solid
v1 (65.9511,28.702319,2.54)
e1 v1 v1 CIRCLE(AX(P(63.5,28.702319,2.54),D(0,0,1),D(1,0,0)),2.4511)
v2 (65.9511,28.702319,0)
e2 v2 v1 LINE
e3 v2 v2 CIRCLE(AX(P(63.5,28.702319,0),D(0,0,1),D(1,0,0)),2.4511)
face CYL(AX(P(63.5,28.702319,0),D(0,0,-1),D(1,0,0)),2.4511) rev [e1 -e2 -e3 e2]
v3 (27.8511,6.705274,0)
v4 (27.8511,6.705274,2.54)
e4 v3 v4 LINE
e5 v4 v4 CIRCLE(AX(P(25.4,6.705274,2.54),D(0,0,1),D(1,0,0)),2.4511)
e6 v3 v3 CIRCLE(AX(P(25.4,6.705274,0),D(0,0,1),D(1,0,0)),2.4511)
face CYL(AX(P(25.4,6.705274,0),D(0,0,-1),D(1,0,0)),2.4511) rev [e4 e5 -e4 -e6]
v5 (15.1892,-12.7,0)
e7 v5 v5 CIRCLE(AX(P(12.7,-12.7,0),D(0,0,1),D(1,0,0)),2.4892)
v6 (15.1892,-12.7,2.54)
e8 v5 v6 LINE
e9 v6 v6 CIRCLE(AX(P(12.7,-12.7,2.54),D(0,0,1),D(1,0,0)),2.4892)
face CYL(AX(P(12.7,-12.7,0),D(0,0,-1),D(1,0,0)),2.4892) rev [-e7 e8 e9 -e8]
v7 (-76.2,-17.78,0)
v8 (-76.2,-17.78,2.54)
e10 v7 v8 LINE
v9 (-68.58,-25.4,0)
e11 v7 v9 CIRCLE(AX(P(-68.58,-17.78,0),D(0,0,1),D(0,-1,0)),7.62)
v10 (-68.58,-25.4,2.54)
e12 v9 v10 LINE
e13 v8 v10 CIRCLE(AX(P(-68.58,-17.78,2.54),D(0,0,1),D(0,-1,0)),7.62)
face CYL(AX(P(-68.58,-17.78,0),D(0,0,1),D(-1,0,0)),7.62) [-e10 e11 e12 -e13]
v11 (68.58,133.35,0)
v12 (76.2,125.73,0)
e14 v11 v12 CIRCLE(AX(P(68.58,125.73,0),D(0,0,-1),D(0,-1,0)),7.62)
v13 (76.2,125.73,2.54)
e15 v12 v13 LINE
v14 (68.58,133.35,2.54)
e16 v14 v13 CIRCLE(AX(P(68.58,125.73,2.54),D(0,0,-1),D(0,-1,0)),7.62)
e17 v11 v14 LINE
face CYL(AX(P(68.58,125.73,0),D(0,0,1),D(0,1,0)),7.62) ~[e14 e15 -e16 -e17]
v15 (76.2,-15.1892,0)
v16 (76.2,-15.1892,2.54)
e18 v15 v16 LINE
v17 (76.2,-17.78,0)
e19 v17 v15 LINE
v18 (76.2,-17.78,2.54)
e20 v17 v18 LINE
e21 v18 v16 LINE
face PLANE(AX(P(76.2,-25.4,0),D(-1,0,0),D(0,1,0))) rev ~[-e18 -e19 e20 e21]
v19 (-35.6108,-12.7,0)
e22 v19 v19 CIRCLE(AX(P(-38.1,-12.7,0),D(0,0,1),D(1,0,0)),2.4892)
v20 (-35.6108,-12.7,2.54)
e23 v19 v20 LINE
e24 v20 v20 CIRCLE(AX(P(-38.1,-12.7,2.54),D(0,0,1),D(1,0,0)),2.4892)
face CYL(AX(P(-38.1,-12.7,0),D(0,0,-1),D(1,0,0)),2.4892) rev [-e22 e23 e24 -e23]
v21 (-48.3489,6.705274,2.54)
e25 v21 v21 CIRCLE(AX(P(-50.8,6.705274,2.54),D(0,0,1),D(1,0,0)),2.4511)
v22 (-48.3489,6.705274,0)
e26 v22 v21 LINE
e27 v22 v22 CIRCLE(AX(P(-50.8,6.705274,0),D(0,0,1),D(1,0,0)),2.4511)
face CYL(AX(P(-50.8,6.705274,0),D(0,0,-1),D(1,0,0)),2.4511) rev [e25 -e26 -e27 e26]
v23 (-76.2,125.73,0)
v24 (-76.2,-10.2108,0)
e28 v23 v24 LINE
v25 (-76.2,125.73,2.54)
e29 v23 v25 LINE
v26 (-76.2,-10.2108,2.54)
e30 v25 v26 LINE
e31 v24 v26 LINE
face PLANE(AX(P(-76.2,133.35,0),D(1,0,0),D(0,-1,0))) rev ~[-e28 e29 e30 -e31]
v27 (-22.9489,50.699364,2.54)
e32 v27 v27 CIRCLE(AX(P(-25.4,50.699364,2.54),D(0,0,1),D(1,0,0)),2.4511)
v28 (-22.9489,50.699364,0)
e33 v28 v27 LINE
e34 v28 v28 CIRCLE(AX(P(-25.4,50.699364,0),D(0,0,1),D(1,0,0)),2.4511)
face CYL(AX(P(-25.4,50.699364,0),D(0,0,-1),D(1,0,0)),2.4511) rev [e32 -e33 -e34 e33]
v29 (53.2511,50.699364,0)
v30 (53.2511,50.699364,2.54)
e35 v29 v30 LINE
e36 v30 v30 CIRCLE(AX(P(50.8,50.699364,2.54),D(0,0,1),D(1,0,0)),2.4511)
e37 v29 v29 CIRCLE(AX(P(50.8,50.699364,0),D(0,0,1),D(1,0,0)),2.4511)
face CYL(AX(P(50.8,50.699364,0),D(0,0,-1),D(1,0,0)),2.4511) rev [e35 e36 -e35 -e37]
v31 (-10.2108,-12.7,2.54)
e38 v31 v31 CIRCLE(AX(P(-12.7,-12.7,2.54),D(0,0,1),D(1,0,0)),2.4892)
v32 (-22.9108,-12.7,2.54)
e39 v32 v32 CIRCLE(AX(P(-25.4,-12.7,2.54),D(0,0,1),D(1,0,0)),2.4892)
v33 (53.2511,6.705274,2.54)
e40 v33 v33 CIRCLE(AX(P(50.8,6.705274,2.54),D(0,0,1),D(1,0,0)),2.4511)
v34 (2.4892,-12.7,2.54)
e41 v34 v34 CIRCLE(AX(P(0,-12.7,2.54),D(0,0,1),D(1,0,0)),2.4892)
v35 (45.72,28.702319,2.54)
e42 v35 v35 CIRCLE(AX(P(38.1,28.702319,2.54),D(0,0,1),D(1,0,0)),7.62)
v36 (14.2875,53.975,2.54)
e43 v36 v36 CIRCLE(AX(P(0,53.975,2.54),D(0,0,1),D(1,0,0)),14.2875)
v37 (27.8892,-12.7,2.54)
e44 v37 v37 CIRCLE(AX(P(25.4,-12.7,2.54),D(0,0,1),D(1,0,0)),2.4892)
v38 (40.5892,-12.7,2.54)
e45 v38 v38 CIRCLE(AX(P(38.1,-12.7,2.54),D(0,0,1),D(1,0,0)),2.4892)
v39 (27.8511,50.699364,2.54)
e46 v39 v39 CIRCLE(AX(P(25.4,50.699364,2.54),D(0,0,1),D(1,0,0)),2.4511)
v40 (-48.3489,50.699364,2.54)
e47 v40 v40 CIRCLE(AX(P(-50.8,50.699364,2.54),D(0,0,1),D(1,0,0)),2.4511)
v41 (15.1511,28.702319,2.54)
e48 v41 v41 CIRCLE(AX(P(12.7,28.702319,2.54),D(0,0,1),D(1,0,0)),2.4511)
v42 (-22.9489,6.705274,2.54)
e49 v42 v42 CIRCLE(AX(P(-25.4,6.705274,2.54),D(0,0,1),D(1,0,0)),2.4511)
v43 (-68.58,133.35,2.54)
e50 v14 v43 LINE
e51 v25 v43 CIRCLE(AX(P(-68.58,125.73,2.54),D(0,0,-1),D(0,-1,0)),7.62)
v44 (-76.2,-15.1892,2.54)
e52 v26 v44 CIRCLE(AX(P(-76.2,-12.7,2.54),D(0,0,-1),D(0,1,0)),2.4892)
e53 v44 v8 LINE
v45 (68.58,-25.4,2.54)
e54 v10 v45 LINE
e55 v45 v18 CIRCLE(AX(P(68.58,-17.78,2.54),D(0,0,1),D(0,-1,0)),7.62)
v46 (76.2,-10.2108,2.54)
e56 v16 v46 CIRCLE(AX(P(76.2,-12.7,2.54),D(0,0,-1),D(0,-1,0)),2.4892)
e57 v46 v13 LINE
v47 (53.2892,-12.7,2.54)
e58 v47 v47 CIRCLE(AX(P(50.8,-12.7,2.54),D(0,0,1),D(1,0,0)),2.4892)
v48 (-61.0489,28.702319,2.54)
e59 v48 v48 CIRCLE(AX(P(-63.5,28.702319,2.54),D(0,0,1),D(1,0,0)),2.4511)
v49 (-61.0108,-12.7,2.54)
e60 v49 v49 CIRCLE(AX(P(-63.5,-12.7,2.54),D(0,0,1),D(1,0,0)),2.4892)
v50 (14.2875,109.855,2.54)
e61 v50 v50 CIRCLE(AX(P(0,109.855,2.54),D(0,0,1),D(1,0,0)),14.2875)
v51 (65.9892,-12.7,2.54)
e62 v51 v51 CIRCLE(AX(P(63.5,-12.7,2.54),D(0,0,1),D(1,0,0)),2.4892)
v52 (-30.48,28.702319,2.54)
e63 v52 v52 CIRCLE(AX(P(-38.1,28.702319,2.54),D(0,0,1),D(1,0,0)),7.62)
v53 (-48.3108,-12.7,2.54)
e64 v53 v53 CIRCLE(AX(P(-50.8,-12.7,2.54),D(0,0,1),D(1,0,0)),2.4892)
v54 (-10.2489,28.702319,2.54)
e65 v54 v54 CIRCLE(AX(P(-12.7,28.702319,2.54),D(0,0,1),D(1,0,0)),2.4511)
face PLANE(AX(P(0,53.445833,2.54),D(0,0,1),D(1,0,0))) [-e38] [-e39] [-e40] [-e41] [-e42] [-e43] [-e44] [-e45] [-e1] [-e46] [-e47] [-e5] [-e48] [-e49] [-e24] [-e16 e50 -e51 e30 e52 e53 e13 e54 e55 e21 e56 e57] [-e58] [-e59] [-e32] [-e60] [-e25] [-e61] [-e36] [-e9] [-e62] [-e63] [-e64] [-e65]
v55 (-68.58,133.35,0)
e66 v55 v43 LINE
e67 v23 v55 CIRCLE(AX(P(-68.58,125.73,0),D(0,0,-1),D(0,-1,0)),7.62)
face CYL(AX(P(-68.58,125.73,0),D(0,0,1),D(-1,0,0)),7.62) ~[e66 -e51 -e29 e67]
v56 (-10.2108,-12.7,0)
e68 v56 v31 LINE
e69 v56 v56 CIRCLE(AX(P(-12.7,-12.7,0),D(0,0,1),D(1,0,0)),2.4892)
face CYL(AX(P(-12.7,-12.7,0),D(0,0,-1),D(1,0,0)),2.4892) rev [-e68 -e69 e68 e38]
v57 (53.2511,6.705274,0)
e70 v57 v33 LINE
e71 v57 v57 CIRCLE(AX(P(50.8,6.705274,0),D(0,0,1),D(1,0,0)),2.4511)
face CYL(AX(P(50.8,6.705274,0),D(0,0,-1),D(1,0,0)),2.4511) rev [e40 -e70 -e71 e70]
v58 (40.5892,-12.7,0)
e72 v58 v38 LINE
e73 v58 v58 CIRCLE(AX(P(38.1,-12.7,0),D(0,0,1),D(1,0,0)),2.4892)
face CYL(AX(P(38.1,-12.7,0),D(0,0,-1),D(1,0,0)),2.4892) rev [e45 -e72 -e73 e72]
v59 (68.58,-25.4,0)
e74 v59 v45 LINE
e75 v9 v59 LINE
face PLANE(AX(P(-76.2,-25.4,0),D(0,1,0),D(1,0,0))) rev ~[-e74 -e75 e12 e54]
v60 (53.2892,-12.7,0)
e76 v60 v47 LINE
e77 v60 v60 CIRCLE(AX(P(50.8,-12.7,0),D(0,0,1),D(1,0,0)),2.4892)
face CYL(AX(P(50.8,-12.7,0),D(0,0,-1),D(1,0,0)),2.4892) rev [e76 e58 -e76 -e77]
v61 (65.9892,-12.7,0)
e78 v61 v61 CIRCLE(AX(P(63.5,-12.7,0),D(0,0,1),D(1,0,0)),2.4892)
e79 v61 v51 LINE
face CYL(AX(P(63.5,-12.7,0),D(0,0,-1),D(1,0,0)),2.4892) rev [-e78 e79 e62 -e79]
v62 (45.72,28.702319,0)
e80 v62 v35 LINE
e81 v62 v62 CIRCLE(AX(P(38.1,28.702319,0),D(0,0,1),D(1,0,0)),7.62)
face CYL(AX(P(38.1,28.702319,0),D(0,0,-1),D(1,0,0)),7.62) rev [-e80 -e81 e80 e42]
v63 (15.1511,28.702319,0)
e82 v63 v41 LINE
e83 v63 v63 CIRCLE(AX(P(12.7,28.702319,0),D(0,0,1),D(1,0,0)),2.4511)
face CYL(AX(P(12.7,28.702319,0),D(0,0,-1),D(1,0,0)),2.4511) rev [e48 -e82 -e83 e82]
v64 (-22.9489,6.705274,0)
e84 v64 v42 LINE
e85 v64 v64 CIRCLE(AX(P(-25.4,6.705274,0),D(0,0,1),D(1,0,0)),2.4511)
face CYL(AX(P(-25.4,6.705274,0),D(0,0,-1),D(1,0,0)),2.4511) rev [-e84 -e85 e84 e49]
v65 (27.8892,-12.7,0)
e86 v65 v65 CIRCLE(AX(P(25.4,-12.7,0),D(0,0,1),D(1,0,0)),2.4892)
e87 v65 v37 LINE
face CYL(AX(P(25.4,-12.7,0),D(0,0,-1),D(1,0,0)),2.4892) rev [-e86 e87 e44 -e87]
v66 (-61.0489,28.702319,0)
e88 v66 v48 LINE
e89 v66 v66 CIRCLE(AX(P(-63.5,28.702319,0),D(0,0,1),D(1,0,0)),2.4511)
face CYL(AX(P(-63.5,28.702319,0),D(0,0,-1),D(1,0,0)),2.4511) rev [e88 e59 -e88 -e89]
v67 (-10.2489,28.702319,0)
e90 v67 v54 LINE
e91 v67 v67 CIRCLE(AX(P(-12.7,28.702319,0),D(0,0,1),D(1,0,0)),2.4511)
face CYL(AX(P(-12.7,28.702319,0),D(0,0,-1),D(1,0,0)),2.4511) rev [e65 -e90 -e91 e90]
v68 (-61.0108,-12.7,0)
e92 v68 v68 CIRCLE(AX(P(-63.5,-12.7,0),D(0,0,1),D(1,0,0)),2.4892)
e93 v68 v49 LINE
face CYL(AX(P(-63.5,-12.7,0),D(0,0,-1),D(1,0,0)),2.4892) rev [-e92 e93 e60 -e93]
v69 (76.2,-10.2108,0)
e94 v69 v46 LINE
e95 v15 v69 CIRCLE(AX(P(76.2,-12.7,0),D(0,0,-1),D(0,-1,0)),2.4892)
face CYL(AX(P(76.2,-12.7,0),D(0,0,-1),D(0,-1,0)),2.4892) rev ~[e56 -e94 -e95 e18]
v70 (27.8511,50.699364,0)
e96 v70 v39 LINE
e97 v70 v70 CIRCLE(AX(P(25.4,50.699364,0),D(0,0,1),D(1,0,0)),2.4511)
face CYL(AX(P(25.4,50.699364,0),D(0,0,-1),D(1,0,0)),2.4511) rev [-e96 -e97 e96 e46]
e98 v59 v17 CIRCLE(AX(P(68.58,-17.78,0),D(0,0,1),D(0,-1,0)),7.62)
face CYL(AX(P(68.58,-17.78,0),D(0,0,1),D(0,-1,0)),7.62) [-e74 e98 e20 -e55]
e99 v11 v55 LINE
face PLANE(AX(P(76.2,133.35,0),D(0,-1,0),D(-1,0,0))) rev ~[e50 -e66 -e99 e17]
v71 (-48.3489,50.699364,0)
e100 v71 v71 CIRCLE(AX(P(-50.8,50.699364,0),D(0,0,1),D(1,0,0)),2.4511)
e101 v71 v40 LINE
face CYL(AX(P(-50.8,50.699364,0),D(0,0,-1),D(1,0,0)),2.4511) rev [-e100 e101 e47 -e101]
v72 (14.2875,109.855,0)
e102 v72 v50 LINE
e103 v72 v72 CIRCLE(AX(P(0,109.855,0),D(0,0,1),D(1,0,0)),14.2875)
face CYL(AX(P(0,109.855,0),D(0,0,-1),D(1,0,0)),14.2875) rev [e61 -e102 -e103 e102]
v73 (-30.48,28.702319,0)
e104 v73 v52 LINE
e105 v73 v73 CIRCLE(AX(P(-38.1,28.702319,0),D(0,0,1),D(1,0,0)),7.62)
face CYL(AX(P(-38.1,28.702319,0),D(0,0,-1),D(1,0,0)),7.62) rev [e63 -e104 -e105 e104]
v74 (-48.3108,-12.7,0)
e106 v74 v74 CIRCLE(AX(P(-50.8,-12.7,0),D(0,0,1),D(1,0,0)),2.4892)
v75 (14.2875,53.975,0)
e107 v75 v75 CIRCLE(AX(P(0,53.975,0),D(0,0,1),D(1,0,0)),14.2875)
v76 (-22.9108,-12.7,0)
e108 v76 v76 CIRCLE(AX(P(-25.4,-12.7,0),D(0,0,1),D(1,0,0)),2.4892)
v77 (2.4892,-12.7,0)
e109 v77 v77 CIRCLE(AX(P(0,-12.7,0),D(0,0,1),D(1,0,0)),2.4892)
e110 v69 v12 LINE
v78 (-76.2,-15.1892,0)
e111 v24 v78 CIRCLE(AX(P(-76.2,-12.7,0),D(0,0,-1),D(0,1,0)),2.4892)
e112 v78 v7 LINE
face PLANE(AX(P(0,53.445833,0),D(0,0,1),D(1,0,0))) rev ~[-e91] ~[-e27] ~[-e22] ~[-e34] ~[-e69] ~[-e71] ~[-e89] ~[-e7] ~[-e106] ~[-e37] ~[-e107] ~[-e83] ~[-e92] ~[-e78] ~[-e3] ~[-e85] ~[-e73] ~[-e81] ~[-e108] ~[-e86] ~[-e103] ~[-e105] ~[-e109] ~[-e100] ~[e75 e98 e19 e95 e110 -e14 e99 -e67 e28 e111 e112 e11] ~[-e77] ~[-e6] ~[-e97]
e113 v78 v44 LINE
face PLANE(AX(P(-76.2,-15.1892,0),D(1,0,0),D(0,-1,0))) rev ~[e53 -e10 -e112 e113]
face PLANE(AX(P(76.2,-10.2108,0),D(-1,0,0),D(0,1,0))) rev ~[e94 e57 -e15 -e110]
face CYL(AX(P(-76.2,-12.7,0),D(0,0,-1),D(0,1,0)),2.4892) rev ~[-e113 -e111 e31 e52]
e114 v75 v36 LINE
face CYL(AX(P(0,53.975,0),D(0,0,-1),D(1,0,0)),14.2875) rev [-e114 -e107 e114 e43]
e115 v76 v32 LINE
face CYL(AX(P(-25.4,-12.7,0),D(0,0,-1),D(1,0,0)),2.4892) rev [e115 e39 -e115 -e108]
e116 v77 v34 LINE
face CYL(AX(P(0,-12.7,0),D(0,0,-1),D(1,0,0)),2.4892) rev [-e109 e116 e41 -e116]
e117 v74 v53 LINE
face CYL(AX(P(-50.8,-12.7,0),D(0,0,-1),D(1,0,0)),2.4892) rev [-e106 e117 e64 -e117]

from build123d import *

# Parameters (mm, degrees)
SKETCH1_R           = 2.4892
SKETCH1_R_2         = 2.4511
SKETCH1_R_3         = 7.62
SKETCH1_R_4         = 14.2875
BOSS_EXTRUDE1_DEPTH = 2.54
FILLET1_R           = 7.62


with BuildPart() as part:
    # Sketch1 → Boss-Extrude1 (new body)
    with BuildSketch(Plane.XY):
        with BuildLine():
            Line((-76.2, -15.1892), (-76.2, -25.4))
            Line((-76.2, -25.4), (76.2, -25.4))
            Line((76.2, -25.4), (76.2, -15.1892))
            ThreePointArc((76.2, -15.1892), (73.7108, -12.7), (76.2, -10.2108))
            Line((76.2, -10.2108), (76.2, 133.35))
            Line((76.2, 133.35), (-76.2, 133.35))
            Line((-76.2, 133.35), (-76.2, -10.2108))
            ThreePointArc((-76.2, -10.2108), (-73.7108, -12.7), (-76.2, -15.1892))
        make_face()
        with Locations((-63.5, -12.7)):
            Circle(SKETCH1_R, mode=Mode.SUBTRACT)
        with Locations((-50.8, -12.7)):
            Circle(SKETCH1_R, mode=Mode.SUBTRACT)
        with Locations((-38.1, -12.7)):
            Circle(SKETCH1_R, mode=Mode.SUBTRACT)
        with Locations((-50.8, 6.705273841)):
            Circle(SKETCH1_R_2, mode=Mode.SUBTRACT)
        with Locations((-25.4, -12.7)):
            Circle(SKETCH1_R, mode=Mode.SUBTRACT)
        with Locations((-12.7, -12.7)):
            Circle(SKETCH1_R, mode=Mode.SUBTRACT)
        with Locations((-25.4, 6.705273841)):
            Circle(SKETCH1_R_2, mode=Mode.SUBTRACT)
        with Locations((-63.5, 28.702319097)):
            Circle(SKETCH1_R_2, mode=Mode.SUBTRACT)
        with Locations((-38.1, 28.702319097)):
            Circle(SKETCH1_R_3, mode=Mode.SUBTRACT)
        with Locations((-50.8, 50.699364354)):
            Circle(SKETCH1_R_2, mode=Mode.SUBTRACT)
        with Locations((-12.7, 28.702319097)):
            Circle(SKETCH1_R_2, mode=Mode.SUBTRACT)
        with Locations((-25.4, 50.699364354)):
            Circle(SKETCH1_R_2, mode=Mode.SUBTRACT)
        with Locations((0, -12.7)):
            Circle(SKETCH1_R, mode=Mode.SUBTRACT)
        with Locations((12.7, -12.7)):
            Circle(SKETCH1_R, mode=Mode.SUBTRACT)
        with Locations((25.4, -12.7)):
            Circle(SKETCH1_R, mode=Mode.SUBTRACT)
        with Locations((25.4, 6.705273841)):
            Circle(SKETCH1_R_2, mode=Mode.SUBTRACT)
        with Locations((38.1, -12.7)):
            Circle(SKETCH1_R, mode=Mode.SUBTRACT)
        with Locations((50.8, -12.7)):
            Circle(SKETCH1_R, mode=Mode.SUBTRACT)
        with Locations((63.5, -12.7)):
            Circle(SKETCH1_R, mode=Mode.SUBTRACT)
        with Locations((50.8, 6.705273841)):
            Circle(SKETCH1_R_2, mode=Mode.SUBTRACT)
        with Locations((12.7, 28.702319097)):
            Circle(SKETCH1_R_2, mode=Mode.SUBTRACT)
        with Locations((0, 53.975)):
            Circle(SKETCH1_R_4, mode=Mode.SUBTRACT)
        with Locations((25.4, 50.699364354)):
            Circle(SKETCH1_R_2, mode=Mode.SUBTRACT)
        with Locations((38.1, 28.702319097)):
            Circle(SKETCH1_R_3, mode=Mode.SUBTRACT)
        with Locations((63.5, 28.702319097)):
            Circle(SKETCH1_R_2, mode=Mode.SUBTRACT)
        with Locations((50.8, 50.699364354)):
            Circle(SKETCH1_R_2, mode=Mode.SUBTRACT)
        with Locations((0, 109.855)):
            Circle(SKETCH1_R_4, mode=Mode.SUBTRACT)
    extrude(amount=BOSS_EXTRUDE1_DEPTH)

    # Fillet1
    fillet1_edges = [part.edges().sort_by_distance(p)[0] for p in [
        (-76.2, 133.35, 1.27),
        (76.2, 133.35, 1.27),
        (76.2, -25.4, 1.27),
        (-76.2, -25.4, 1.27),
    ]]
    fillet(fillet1_edges, radius=FILLET1_R)


solid = part.part
